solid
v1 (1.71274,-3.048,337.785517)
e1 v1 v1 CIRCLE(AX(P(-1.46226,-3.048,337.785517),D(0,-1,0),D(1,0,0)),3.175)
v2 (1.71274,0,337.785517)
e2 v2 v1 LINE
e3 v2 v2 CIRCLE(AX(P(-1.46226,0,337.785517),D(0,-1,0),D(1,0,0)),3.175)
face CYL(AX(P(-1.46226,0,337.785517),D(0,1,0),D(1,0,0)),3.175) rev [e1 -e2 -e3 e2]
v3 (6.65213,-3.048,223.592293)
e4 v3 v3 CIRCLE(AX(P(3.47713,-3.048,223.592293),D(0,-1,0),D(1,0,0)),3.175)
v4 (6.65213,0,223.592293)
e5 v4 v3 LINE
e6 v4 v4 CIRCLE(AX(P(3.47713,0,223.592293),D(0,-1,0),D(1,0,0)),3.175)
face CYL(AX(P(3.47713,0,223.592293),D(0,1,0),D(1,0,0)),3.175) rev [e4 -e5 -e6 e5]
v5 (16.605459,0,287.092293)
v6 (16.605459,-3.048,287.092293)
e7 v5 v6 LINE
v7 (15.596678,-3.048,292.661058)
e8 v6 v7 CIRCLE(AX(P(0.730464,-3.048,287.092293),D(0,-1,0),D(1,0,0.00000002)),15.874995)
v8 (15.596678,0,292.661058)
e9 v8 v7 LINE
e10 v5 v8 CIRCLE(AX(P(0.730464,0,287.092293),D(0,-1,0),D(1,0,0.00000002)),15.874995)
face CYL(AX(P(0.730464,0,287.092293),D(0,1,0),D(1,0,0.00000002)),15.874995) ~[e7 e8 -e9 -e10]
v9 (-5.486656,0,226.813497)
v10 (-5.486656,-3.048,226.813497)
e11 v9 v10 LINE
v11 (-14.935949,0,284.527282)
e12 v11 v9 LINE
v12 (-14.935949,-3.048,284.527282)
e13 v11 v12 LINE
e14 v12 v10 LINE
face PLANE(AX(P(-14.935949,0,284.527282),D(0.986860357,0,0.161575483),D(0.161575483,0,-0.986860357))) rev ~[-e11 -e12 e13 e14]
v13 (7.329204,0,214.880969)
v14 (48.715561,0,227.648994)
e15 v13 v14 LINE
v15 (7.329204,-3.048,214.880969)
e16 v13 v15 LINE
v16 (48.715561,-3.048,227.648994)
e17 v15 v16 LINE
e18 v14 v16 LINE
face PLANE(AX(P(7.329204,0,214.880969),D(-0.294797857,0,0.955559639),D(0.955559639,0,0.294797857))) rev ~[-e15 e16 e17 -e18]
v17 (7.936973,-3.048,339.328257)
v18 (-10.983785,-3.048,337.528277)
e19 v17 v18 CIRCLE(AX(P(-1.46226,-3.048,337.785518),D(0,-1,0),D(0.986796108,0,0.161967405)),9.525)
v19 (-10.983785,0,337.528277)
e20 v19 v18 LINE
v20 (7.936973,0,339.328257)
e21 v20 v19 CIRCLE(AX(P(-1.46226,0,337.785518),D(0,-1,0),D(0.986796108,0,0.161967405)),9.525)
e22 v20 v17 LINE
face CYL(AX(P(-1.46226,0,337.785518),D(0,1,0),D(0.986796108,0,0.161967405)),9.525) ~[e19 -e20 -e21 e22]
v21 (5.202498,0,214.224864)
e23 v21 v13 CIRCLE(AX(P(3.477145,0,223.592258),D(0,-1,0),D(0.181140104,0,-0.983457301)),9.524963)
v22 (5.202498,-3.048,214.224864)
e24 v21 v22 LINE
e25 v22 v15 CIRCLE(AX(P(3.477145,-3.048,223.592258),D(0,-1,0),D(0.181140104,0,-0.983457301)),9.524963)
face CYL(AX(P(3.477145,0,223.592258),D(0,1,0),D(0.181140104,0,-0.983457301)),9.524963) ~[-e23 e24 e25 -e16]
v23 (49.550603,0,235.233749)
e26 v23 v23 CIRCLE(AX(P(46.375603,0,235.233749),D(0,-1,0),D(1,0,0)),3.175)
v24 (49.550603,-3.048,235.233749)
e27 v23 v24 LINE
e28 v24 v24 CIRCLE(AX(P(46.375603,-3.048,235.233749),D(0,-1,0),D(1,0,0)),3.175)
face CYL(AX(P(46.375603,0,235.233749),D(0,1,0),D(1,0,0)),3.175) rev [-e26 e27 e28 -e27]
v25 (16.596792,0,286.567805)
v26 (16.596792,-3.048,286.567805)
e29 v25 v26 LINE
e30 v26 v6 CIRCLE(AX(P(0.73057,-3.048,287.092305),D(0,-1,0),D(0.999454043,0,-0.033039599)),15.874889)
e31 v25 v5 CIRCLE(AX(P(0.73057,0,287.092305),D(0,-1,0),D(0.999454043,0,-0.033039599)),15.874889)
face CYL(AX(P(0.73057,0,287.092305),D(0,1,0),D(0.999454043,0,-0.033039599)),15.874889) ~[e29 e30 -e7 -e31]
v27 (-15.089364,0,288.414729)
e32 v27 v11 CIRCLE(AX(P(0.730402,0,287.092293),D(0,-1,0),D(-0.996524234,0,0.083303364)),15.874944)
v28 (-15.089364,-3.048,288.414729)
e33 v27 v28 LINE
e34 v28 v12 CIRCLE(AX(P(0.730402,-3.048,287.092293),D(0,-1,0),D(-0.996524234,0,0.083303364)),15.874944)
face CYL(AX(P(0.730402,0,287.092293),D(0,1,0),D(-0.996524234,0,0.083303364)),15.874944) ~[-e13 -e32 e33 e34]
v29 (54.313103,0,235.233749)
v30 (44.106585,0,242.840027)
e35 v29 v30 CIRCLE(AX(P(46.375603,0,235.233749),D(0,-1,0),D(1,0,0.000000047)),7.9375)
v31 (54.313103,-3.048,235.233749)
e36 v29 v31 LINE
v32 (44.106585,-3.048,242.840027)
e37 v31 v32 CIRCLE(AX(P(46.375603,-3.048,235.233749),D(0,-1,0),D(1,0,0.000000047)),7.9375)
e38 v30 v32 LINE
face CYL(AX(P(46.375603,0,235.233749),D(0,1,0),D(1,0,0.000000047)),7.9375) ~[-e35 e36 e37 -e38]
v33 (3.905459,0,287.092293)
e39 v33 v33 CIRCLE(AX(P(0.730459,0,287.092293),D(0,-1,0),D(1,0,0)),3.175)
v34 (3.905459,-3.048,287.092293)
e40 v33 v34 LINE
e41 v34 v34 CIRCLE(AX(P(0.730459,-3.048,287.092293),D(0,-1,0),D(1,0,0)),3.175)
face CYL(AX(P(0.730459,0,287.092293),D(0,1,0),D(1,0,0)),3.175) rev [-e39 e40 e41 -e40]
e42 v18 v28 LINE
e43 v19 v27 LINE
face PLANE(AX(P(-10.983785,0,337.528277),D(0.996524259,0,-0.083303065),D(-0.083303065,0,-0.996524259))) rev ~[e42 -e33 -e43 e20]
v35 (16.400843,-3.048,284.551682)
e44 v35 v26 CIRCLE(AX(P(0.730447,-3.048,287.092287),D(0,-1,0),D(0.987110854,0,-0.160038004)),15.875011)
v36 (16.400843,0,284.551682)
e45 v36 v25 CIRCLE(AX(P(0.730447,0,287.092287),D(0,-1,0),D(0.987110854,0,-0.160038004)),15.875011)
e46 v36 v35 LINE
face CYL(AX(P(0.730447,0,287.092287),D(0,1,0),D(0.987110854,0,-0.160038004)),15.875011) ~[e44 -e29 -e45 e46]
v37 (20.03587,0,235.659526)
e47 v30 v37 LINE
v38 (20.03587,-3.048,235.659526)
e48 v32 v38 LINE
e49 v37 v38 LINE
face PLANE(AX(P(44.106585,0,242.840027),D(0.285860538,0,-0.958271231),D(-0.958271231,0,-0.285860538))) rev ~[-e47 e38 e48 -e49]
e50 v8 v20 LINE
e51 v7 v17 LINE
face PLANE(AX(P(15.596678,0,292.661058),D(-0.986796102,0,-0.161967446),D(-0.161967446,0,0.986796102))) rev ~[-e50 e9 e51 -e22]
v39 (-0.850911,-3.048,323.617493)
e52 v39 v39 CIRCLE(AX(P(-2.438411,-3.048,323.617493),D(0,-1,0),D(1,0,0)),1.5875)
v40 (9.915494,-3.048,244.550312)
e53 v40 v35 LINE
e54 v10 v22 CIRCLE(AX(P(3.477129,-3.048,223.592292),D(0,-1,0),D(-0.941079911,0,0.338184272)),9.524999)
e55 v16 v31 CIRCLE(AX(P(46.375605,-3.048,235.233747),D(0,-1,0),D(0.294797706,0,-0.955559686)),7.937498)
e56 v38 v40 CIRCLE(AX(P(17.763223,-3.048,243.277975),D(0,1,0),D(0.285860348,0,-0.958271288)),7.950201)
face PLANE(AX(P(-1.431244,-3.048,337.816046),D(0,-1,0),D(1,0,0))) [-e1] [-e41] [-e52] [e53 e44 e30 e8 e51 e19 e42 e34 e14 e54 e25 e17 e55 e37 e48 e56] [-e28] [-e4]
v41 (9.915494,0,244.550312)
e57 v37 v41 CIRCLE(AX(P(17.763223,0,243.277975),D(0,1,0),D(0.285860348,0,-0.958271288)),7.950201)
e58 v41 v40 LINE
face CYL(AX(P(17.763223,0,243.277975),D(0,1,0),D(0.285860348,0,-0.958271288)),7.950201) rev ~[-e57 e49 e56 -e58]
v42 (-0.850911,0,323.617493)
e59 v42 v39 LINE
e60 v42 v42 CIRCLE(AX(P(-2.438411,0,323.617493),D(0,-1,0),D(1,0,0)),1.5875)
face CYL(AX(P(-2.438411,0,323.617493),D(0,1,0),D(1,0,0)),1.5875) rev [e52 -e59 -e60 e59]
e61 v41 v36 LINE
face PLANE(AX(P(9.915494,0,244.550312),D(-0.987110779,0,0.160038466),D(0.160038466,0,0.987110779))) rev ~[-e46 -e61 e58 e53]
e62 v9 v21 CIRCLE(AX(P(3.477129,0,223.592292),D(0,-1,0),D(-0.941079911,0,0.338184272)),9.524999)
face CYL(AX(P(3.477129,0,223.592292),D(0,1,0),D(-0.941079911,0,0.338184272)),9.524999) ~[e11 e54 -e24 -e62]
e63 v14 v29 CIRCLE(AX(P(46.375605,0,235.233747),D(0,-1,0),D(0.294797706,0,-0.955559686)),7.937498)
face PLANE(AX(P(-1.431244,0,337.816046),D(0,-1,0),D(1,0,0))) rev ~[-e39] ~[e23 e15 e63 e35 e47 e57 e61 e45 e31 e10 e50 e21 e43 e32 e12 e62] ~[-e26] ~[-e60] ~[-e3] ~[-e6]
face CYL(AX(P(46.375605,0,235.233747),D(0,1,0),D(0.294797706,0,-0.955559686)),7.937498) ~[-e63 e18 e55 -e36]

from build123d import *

# Parameters (mm, degrees)
F0_R     = 3.175
F0_R_2   = 1.5875
F1_DEPTH = 3.048


with BuildPart() as f1:
    # F0 (on Front) → F1 (new body)
    with BuildSketch(Plane.XZ):
        with BuildLine():
            ThreePointArc((-10.983785, 337.528277), (-1.333628, 328.261386), (8.06274, 337.785517))
            ThreePointArc((8.06274, 337.785517), (8.031247, 338.559446), (7.936973, 339.328257))
            ThreePointArc((7.936973, 339.328257), (-2.364324, 347.267706), (-10.983785, 337.528277))
        make_face()
        with Locations((-1.46226, 337.785517)):
            Circle(F0_R, mode=Mode.SUBTRACT)
        with BuildLine():
            ThreePointArc((7.936973, 339.328257), (8.031247, 338.559446), (8.06274, 337.785517))
            ThreePointArc((8.06274, 337.785517), (-1.333628, 328.261386), (-10.983785, 337.528277))
            Line((-10.983785, 337.528277), (-15.089364, 288.414729))
            ThreePointArc((-15.089364, 288.414729), (-1.445585, 302.817446), (15.596678, 292.661058))
            Line((15.596678, 292.661058), (7.936973, 339.328257))
        make_face()
        with Locations((-2.438411, 323.617493)):
            Circle(F0_R_2, mode=Mode.SUBTRACT)
        with BuildLine():
            Line((16.596792, 286.567805), (15.596678, 292.661058))
            ThreePointArc((15.596678, 292.661058), (-1.445585, 302.817446), (-15.089364, 288.414729))
            ThreePointArc((-15.089364, 288.414729), (-15.132194, 286.466288), (-14.935949, 284.527282))
            ThreePointArc((-14.935949, 284.527282), (0.74282, 271.217298), (16.400843, 284.551682))
            ThreePointArc((16.400843, 284.551682), (16.531007, 285.556615), (16.596792, 286.567805))
        make_face()
        with Locations((0.730459, 287.092293)):
            Circle(F0_R, mode=Mode.SUBTRACT)
        with BuildLine():
            ThreePointArc((16.605459, 287.092293), (16.351228, 289.921992), (15.596678, 292.661058))
            Line((15.596678, 292.661058), (16.596792, 286.567805))
            ThreePointArc((16.596792, 286.567805), (16.603292, 286.830013), (16.605459, 287.092293))
        make_face()
        with BuildLine():
            ThreePointArc((16.400843, 284.551682), (0.74282, 271.217298), (-14.935949, 284.527282))
            Line((-14.935949, 284.527282), (-5.486656, 226.813497))
            ThreePointArc((-5.486656, 226.813497), (5.111994, 232.975941), (13.00213, 223.592293))
            ThreePointArc((13.00213, 223.592293), (11.458879, 218.394475), (7.329204, 214.880969))
            Line((7.329204, 214.880969), (48.715561, 227.648994))
            ThreePointArc((48.715561, 227.648994), (38.780004, 232.929236), (44.106585, 242.840027))
            Line((44.106585, 242.840027), (20.03587, 235.659526))
            ThreePointArc((20.03587, 235.659526), (12.516138, 237.305221), (9.915494, 244.550312))
            Line((9.915494, 244.550312), (16.400843, 284.551682))
        make_face()
        with BuildLine():
            ThreePointArc((13.00213, 223.592293), (5.111994, 232.975941), (-5.486656, 226.813497))
            ThreePointArc((-5.486656, 226.813497), (-3.783524, 217.427187), (5.202498, 214.224864))
            Line((5.202498, 214.224864), (7.329204, 214.880969))
            ThreePointArc((7.329204, 214.880969), (11.458879, 218.394475), (13.00213, 223.592293))
        make_face()
        with Locations((3.47713, 223.592293)):
            Circle(F0_R, mode=Mode.SUBTRACT)
        with BuildLine():
            Line((7.329204, 214.880969), (5.202498, 214.224864))
            ThreePointArc((5.202498, 214.224864), (6.28508, 214.490587), (7.329204, 214.880969))
        make_face()
        with BuildLine():
            ThreePointArc((54.313103, 235.233749), (51.118681, 241.598269), (44.106585, 242.840027))
            ThreePointArc((44.106585, 242.840027), (38.780004, 232.929236), (48.715561, 227.648994))
            ThreePointArc((48.715561, 227.648994), (52.762204, 230.520444), (54.313103, 235.233749))
        make_face()
        with Locations((46.375603, 235.233749)):
            Circle(F0_R, mode=Mode.SUBTRACT)
    extrude(amount=F1_DEPTH)


solid = f1.part
